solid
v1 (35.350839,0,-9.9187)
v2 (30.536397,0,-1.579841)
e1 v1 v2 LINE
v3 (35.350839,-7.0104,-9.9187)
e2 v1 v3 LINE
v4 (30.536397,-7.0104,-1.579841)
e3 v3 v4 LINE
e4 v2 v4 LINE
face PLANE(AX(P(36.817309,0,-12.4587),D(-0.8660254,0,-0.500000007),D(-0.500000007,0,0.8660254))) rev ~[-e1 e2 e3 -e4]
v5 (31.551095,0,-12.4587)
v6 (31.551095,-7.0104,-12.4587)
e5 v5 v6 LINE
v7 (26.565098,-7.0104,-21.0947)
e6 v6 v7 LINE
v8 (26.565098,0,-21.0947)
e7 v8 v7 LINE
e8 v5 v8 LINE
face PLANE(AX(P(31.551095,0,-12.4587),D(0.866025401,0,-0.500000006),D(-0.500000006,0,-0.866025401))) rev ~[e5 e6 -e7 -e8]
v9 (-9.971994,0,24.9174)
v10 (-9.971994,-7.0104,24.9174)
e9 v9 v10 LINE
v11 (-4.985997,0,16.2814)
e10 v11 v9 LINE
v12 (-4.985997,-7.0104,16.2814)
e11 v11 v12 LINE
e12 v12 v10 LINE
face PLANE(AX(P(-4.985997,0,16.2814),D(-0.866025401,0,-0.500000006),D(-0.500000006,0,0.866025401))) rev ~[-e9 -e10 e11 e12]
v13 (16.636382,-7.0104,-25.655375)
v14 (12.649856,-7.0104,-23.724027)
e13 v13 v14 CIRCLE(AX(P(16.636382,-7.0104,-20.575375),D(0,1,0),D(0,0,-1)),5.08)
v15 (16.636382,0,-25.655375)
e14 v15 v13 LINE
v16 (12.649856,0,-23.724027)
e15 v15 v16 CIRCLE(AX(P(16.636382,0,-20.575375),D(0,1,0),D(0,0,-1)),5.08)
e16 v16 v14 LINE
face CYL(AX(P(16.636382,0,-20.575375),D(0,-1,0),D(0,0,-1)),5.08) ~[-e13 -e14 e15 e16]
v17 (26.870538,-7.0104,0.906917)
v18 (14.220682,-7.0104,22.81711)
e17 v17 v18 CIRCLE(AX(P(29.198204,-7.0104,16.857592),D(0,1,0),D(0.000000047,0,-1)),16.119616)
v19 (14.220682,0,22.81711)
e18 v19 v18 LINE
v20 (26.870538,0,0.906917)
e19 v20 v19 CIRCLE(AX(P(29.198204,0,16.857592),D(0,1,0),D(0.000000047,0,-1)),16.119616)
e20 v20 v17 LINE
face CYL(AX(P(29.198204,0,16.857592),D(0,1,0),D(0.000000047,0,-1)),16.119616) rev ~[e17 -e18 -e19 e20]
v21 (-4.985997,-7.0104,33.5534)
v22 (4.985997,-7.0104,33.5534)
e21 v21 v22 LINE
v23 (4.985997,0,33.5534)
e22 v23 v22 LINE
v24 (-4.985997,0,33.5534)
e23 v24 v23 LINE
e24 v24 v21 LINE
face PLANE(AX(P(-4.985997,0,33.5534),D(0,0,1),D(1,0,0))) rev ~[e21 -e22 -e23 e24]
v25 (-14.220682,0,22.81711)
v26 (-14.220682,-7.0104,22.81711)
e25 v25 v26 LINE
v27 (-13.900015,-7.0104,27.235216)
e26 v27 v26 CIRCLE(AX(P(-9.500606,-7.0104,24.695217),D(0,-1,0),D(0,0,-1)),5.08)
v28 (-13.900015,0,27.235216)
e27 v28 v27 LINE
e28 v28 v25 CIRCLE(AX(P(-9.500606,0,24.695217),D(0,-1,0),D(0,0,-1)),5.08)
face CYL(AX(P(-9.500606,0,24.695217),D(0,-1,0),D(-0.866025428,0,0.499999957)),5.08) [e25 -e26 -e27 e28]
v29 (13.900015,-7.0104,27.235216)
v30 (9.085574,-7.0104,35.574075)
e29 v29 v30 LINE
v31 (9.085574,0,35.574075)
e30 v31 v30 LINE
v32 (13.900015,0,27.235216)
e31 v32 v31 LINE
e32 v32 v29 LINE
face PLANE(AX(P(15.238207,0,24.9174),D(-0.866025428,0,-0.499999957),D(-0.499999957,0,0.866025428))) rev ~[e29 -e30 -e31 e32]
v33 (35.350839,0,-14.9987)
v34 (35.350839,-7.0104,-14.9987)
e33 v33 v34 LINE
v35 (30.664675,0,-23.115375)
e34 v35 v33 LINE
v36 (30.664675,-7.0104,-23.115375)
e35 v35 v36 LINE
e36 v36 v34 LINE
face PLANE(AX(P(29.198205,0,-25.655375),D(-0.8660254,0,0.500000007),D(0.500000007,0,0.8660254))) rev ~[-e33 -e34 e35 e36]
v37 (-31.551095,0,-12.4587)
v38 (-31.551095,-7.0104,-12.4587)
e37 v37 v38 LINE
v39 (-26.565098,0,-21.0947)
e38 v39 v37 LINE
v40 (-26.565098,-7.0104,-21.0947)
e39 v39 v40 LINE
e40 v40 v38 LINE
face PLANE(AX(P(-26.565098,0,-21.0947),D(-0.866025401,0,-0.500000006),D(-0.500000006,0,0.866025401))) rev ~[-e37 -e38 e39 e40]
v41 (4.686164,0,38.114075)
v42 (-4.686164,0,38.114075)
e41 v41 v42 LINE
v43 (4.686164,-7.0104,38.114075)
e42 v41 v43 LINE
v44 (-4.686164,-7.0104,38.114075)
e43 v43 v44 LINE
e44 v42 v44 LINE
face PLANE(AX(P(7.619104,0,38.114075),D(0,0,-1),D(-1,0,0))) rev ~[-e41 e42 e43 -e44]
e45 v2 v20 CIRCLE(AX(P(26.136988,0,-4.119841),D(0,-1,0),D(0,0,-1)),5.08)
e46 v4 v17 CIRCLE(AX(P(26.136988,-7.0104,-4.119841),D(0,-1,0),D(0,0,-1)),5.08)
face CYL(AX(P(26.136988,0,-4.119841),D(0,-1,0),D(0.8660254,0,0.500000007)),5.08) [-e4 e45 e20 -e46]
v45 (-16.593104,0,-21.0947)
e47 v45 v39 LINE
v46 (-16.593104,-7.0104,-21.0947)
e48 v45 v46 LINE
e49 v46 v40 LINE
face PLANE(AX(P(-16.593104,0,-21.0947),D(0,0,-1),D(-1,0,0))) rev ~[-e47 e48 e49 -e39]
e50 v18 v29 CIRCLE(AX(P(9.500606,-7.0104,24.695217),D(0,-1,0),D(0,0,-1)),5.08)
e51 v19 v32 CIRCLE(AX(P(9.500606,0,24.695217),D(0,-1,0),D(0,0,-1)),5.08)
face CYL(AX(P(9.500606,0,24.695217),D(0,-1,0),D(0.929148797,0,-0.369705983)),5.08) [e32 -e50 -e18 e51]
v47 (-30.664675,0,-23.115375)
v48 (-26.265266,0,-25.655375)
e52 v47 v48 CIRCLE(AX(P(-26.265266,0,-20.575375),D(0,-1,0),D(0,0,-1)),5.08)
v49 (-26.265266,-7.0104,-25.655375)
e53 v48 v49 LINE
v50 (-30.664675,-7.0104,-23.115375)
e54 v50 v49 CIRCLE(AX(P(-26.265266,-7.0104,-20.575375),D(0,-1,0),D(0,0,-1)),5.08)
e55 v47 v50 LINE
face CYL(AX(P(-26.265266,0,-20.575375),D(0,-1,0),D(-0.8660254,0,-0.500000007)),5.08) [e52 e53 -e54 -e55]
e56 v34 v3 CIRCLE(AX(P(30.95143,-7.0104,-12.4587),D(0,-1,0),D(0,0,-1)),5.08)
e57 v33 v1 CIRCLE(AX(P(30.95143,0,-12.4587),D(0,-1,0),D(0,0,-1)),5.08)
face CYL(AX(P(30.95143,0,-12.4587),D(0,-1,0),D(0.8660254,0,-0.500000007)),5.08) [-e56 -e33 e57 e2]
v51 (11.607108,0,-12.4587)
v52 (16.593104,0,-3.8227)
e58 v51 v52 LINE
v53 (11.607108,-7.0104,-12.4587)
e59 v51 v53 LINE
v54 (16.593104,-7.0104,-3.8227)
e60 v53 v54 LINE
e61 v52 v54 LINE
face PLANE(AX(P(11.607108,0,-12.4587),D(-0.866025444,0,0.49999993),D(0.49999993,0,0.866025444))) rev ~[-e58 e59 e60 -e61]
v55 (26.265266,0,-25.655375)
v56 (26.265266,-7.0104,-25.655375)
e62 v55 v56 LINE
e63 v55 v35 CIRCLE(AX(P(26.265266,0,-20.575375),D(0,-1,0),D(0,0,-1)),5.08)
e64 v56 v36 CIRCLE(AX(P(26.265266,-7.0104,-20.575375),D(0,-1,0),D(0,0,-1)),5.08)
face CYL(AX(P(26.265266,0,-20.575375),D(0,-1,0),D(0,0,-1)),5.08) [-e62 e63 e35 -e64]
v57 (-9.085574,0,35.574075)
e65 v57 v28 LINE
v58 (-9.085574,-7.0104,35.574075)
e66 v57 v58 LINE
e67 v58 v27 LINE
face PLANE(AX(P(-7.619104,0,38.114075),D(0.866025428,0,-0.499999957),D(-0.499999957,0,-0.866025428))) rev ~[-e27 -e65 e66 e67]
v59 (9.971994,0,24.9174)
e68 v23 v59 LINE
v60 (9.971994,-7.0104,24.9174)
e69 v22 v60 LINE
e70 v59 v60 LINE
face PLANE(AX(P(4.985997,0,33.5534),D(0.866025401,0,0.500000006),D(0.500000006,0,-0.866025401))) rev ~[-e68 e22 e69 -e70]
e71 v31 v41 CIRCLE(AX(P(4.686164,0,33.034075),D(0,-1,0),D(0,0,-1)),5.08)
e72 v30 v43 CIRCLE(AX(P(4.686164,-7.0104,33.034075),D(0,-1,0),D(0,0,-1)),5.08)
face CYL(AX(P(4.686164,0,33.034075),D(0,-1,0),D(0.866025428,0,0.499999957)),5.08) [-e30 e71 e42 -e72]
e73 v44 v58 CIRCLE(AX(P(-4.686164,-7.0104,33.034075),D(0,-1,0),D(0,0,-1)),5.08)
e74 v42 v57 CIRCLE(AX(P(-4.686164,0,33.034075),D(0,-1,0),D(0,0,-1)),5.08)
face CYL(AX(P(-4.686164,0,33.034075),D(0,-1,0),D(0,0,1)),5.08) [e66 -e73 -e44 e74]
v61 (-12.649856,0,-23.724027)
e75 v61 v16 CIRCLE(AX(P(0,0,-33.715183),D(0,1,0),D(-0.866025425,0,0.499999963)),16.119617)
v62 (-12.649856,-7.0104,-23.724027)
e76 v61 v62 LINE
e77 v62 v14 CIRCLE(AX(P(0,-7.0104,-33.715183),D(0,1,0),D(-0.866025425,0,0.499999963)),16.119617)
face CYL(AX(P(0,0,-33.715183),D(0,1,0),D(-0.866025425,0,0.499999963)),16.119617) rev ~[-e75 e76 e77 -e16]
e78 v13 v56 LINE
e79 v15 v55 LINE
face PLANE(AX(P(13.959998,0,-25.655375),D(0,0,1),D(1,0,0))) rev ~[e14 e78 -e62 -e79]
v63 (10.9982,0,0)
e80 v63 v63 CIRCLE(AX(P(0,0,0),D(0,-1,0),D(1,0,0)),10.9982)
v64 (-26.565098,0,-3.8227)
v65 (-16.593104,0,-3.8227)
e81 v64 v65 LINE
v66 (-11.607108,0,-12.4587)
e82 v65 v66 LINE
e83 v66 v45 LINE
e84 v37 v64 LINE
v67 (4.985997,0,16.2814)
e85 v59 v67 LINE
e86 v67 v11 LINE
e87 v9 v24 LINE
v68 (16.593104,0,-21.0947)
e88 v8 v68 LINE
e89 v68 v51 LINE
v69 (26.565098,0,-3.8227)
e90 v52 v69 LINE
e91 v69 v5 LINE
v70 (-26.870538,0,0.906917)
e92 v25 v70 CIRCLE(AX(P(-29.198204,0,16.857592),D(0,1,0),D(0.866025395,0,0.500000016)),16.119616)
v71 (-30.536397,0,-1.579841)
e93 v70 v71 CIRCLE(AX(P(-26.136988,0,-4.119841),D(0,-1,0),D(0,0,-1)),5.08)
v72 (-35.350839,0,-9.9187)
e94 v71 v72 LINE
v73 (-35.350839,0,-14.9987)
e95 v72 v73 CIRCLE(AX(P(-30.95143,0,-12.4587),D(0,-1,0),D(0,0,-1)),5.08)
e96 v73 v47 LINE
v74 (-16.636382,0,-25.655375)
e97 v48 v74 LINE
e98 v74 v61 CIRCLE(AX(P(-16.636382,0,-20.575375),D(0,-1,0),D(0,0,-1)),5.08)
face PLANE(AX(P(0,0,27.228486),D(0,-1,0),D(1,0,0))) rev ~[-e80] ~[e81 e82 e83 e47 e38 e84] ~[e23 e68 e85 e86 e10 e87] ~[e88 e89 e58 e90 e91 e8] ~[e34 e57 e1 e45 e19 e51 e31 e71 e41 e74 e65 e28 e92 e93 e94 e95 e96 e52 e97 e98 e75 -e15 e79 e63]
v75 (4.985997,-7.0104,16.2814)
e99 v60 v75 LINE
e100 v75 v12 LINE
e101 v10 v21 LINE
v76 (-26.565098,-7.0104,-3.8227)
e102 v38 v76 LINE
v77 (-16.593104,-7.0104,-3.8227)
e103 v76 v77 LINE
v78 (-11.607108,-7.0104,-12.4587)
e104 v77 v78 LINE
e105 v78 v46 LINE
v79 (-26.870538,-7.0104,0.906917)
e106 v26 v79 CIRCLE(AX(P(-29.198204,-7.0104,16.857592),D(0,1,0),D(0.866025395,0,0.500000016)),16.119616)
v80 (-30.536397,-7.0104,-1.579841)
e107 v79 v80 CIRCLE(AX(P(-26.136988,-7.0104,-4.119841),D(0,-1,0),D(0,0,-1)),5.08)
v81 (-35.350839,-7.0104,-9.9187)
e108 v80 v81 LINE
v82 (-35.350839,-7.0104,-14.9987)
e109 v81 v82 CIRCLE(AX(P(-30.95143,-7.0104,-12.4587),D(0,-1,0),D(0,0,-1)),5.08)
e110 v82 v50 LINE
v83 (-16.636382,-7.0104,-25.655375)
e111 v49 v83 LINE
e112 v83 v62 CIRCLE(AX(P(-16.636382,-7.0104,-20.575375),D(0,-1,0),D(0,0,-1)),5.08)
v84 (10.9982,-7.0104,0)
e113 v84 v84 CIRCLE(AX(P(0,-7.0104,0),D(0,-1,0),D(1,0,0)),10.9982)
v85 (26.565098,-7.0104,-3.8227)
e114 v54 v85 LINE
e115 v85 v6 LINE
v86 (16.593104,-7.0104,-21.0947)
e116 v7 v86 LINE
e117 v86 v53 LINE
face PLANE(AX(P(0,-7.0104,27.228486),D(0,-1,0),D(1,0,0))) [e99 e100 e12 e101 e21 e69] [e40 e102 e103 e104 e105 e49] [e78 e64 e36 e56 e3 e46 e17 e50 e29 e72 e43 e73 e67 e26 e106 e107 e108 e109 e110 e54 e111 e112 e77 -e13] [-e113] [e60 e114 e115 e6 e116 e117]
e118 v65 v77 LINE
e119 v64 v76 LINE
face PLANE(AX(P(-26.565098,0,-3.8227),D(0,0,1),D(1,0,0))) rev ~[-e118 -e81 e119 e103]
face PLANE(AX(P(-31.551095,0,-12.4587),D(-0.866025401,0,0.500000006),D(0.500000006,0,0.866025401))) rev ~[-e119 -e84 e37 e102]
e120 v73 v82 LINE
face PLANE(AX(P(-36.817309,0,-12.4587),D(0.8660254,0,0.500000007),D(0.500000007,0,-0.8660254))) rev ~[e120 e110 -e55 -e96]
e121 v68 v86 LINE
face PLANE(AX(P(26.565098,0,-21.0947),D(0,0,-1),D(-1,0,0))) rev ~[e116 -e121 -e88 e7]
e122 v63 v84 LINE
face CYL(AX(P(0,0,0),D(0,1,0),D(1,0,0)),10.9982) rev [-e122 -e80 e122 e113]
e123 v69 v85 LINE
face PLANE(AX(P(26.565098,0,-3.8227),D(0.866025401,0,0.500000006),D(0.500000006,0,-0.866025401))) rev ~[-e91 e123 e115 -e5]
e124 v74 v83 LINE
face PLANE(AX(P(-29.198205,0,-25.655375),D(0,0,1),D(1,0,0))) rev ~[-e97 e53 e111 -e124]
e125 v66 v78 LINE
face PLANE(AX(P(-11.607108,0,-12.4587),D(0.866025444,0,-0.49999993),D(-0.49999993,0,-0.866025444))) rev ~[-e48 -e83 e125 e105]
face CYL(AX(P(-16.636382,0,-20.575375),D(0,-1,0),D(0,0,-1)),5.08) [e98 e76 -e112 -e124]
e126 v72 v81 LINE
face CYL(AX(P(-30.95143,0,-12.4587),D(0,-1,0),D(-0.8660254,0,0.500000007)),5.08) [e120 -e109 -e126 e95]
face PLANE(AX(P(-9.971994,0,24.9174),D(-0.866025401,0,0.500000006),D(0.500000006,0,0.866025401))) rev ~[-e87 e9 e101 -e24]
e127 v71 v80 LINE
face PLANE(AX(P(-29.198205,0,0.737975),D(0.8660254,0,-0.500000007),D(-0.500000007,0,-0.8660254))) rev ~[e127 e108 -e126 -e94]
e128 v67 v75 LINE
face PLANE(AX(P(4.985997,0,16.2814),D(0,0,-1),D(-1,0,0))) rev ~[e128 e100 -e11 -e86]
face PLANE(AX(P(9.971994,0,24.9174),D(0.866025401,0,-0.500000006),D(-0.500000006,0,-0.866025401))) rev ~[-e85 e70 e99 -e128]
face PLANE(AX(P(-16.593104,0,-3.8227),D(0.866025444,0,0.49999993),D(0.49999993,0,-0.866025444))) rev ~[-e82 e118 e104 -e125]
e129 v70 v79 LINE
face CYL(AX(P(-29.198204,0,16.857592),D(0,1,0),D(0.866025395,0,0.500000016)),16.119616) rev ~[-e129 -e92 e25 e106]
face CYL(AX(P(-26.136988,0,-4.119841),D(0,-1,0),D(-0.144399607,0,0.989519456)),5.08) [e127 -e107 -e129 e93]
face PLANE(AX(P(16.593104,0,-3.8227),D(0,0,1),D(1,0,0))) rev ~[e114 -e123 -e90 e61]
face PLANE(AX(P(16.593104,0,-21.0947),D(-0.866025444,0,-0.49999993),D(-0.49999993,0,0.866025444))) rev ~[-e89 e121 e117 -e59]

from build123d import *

# Parameters (mm, degrees)
F0_R     = 10.9982
F1_DEPTH = 7.0104
F2_R     = 5.08


with BuildPart() as f1:
    # F0 (on Front) → F1 (new body)
    with BuildSketch(Plane.XZ):
        Polygon((-9.826141, 15.543425), (-9.400071, 16.2814), (-4.985997, 16.2814), (-9.971994, 24.9174), (-4.985997, 33.5534), (4.985997, 33.5534), (9.971994, 24.9174), (4.985997, 16.2814), (9.400071, 16.2814), (9.826141, 15.543425), (15.238207, 24.9174), (7.619104, 38.114075), (-7.619104, 38.114075), (-15.238207, 24.9174), align=None)
        with BuildLine():
            Line((-18.374072, 0.737975), (-9.826141, 15.543425))
            Line((-9.826141, 15.543425), (-15.238207, 24.9174))
            ThreePointArc((-15.238207, 24.9174), (-15.238207, 8.797783), (-29.198205, 0.737975))
            Line((-29.198205, 0.737975), (-18.374072, 0.737975))
        make_face()
        Polygon((-18.800141, 0), (-18.374072, 0.737975), (-29.198205, 0.737975), (-36.817309, -12.4587), (-29.198205, -25.655375), (-13.959998, -25.655375), (-8.547931, -16.2814), (-9.400071, -16.2814), (-11.607108, -12.4587), (-16.593104, -21.0947), (-26.565098, -21.0947), (-31.551095, -12.4587), (-26.565098, -3.8227), (-16.593104, -3.8227), align=None)
        with BuildLine():
            Line((15.238207, 24.9174), (9.826141, 15.543425))
            Line((9.826141, 15.543425), (18.374072, 0.737975))
            Line((18.374072, 0.737975), (29.198205, 0.737975))
            ThreePointArc((29.198205, 0.737975), (15.238207, 8.797783), (15.238207, 24.9174))
        make_face()
        Polygon((29.198205, 0.737975), (18.374072, 0.737975), (18.800141, 0), (16.593104, -3.8227), (26.565098, -3.8227), (31.551095, -12.4587), (26.565098, -21.0947), (16.593104, -21.0947), (11.607108, -12.4587), (9.400071, -16.2814), (8.547931, -16.2814), (13.959998, -25.655375), (29.198205, -25.655375), (36.817309, -12.4587), align=None)
        with BuildLine():
            Line((8.547931, -16.2814), (-8.547931, -16.2814))
            Line((-8.547931, -16.2814), (-13.959998, -25.655375))
            ThreePointArc((-13.959998, -25.655375), (0, -17.595566), (13.959998, -25.655375))
            Line((13.959998, -25.655375), (8.547931, -16.2814))
        make_face()
        Polygon((-7.619104, 11.720725), (-9.826141, 15.543425), (-18.374072, 0.737975), (-13.959998, 0.737975), (-6.340894, -12.4587), (-8.547931, -16.2814), (8.547931, -16.2814), (6.340894, -12.4587), (13.959998, 0.737975), (18.374072, 0.737975), (9.826141, 15.543425), (7.619104, 11.720725), align=None)
        Circle(F0_R, mode=Mode.SUBTRACT)
        Polygon((-4.985997, 16.2814), (-9.400071, 16.2814), (-9.826141, 15.543425), (-7.619104, 11.720725), (7.619104, 11.720725), (9.826141, 15.543425), (9.400071, 16.2814), (4.985997, 16.2814), align=None)
        Polygon((18.800141, 0), (18.374072, 0.737975), (13.959998, 0.737975), (6.340894, -12.4587), (8.547931, -16.2814), (9.400071, -16.2814), (11.607108, -12.4587), (16.593104, -3.8227), align=None)
        Polygon((-13.959998, 0.737975), (-18.374072, 0.737975), (-18.800141, 0), (-16.593104, -3.8227), (-11.607108, -12.4587), (-9.400071, -16.2814), (-8.547931, -16.2814), (-6.340894, -12.4587), align=None)
    extrude(amount=F1_DEPTH)

    # F2
    f2_edges = [f1.edges().sort_by_distance(p)[0] for p in [
        (-15.238207, -3.5052, 24.9174),
        (-7.619104, -3.5052, 38.114075),
        (7.619104, -3.5052, 38.114075),
        (15.238207, -3.5052, 24.9174),
        (29.198205, -3.5052, 0.737975),
        (36.817309, -3.5052, -12.4587),
        (29.198205, -3.5052, -25.655375),
        (13.959998, -3.5052, -25.655375),
        (-36.817309, -3.5052, -12.4587),
        (-29.198205, -3.5052, -25.655375),
        (-13.959998, -3.5052, -25.655375),
        (-29.198205, -3.5052, 0.737975),
    ]]
    fillet(f2_edges, radius=F2_R)


solid = f1.part
